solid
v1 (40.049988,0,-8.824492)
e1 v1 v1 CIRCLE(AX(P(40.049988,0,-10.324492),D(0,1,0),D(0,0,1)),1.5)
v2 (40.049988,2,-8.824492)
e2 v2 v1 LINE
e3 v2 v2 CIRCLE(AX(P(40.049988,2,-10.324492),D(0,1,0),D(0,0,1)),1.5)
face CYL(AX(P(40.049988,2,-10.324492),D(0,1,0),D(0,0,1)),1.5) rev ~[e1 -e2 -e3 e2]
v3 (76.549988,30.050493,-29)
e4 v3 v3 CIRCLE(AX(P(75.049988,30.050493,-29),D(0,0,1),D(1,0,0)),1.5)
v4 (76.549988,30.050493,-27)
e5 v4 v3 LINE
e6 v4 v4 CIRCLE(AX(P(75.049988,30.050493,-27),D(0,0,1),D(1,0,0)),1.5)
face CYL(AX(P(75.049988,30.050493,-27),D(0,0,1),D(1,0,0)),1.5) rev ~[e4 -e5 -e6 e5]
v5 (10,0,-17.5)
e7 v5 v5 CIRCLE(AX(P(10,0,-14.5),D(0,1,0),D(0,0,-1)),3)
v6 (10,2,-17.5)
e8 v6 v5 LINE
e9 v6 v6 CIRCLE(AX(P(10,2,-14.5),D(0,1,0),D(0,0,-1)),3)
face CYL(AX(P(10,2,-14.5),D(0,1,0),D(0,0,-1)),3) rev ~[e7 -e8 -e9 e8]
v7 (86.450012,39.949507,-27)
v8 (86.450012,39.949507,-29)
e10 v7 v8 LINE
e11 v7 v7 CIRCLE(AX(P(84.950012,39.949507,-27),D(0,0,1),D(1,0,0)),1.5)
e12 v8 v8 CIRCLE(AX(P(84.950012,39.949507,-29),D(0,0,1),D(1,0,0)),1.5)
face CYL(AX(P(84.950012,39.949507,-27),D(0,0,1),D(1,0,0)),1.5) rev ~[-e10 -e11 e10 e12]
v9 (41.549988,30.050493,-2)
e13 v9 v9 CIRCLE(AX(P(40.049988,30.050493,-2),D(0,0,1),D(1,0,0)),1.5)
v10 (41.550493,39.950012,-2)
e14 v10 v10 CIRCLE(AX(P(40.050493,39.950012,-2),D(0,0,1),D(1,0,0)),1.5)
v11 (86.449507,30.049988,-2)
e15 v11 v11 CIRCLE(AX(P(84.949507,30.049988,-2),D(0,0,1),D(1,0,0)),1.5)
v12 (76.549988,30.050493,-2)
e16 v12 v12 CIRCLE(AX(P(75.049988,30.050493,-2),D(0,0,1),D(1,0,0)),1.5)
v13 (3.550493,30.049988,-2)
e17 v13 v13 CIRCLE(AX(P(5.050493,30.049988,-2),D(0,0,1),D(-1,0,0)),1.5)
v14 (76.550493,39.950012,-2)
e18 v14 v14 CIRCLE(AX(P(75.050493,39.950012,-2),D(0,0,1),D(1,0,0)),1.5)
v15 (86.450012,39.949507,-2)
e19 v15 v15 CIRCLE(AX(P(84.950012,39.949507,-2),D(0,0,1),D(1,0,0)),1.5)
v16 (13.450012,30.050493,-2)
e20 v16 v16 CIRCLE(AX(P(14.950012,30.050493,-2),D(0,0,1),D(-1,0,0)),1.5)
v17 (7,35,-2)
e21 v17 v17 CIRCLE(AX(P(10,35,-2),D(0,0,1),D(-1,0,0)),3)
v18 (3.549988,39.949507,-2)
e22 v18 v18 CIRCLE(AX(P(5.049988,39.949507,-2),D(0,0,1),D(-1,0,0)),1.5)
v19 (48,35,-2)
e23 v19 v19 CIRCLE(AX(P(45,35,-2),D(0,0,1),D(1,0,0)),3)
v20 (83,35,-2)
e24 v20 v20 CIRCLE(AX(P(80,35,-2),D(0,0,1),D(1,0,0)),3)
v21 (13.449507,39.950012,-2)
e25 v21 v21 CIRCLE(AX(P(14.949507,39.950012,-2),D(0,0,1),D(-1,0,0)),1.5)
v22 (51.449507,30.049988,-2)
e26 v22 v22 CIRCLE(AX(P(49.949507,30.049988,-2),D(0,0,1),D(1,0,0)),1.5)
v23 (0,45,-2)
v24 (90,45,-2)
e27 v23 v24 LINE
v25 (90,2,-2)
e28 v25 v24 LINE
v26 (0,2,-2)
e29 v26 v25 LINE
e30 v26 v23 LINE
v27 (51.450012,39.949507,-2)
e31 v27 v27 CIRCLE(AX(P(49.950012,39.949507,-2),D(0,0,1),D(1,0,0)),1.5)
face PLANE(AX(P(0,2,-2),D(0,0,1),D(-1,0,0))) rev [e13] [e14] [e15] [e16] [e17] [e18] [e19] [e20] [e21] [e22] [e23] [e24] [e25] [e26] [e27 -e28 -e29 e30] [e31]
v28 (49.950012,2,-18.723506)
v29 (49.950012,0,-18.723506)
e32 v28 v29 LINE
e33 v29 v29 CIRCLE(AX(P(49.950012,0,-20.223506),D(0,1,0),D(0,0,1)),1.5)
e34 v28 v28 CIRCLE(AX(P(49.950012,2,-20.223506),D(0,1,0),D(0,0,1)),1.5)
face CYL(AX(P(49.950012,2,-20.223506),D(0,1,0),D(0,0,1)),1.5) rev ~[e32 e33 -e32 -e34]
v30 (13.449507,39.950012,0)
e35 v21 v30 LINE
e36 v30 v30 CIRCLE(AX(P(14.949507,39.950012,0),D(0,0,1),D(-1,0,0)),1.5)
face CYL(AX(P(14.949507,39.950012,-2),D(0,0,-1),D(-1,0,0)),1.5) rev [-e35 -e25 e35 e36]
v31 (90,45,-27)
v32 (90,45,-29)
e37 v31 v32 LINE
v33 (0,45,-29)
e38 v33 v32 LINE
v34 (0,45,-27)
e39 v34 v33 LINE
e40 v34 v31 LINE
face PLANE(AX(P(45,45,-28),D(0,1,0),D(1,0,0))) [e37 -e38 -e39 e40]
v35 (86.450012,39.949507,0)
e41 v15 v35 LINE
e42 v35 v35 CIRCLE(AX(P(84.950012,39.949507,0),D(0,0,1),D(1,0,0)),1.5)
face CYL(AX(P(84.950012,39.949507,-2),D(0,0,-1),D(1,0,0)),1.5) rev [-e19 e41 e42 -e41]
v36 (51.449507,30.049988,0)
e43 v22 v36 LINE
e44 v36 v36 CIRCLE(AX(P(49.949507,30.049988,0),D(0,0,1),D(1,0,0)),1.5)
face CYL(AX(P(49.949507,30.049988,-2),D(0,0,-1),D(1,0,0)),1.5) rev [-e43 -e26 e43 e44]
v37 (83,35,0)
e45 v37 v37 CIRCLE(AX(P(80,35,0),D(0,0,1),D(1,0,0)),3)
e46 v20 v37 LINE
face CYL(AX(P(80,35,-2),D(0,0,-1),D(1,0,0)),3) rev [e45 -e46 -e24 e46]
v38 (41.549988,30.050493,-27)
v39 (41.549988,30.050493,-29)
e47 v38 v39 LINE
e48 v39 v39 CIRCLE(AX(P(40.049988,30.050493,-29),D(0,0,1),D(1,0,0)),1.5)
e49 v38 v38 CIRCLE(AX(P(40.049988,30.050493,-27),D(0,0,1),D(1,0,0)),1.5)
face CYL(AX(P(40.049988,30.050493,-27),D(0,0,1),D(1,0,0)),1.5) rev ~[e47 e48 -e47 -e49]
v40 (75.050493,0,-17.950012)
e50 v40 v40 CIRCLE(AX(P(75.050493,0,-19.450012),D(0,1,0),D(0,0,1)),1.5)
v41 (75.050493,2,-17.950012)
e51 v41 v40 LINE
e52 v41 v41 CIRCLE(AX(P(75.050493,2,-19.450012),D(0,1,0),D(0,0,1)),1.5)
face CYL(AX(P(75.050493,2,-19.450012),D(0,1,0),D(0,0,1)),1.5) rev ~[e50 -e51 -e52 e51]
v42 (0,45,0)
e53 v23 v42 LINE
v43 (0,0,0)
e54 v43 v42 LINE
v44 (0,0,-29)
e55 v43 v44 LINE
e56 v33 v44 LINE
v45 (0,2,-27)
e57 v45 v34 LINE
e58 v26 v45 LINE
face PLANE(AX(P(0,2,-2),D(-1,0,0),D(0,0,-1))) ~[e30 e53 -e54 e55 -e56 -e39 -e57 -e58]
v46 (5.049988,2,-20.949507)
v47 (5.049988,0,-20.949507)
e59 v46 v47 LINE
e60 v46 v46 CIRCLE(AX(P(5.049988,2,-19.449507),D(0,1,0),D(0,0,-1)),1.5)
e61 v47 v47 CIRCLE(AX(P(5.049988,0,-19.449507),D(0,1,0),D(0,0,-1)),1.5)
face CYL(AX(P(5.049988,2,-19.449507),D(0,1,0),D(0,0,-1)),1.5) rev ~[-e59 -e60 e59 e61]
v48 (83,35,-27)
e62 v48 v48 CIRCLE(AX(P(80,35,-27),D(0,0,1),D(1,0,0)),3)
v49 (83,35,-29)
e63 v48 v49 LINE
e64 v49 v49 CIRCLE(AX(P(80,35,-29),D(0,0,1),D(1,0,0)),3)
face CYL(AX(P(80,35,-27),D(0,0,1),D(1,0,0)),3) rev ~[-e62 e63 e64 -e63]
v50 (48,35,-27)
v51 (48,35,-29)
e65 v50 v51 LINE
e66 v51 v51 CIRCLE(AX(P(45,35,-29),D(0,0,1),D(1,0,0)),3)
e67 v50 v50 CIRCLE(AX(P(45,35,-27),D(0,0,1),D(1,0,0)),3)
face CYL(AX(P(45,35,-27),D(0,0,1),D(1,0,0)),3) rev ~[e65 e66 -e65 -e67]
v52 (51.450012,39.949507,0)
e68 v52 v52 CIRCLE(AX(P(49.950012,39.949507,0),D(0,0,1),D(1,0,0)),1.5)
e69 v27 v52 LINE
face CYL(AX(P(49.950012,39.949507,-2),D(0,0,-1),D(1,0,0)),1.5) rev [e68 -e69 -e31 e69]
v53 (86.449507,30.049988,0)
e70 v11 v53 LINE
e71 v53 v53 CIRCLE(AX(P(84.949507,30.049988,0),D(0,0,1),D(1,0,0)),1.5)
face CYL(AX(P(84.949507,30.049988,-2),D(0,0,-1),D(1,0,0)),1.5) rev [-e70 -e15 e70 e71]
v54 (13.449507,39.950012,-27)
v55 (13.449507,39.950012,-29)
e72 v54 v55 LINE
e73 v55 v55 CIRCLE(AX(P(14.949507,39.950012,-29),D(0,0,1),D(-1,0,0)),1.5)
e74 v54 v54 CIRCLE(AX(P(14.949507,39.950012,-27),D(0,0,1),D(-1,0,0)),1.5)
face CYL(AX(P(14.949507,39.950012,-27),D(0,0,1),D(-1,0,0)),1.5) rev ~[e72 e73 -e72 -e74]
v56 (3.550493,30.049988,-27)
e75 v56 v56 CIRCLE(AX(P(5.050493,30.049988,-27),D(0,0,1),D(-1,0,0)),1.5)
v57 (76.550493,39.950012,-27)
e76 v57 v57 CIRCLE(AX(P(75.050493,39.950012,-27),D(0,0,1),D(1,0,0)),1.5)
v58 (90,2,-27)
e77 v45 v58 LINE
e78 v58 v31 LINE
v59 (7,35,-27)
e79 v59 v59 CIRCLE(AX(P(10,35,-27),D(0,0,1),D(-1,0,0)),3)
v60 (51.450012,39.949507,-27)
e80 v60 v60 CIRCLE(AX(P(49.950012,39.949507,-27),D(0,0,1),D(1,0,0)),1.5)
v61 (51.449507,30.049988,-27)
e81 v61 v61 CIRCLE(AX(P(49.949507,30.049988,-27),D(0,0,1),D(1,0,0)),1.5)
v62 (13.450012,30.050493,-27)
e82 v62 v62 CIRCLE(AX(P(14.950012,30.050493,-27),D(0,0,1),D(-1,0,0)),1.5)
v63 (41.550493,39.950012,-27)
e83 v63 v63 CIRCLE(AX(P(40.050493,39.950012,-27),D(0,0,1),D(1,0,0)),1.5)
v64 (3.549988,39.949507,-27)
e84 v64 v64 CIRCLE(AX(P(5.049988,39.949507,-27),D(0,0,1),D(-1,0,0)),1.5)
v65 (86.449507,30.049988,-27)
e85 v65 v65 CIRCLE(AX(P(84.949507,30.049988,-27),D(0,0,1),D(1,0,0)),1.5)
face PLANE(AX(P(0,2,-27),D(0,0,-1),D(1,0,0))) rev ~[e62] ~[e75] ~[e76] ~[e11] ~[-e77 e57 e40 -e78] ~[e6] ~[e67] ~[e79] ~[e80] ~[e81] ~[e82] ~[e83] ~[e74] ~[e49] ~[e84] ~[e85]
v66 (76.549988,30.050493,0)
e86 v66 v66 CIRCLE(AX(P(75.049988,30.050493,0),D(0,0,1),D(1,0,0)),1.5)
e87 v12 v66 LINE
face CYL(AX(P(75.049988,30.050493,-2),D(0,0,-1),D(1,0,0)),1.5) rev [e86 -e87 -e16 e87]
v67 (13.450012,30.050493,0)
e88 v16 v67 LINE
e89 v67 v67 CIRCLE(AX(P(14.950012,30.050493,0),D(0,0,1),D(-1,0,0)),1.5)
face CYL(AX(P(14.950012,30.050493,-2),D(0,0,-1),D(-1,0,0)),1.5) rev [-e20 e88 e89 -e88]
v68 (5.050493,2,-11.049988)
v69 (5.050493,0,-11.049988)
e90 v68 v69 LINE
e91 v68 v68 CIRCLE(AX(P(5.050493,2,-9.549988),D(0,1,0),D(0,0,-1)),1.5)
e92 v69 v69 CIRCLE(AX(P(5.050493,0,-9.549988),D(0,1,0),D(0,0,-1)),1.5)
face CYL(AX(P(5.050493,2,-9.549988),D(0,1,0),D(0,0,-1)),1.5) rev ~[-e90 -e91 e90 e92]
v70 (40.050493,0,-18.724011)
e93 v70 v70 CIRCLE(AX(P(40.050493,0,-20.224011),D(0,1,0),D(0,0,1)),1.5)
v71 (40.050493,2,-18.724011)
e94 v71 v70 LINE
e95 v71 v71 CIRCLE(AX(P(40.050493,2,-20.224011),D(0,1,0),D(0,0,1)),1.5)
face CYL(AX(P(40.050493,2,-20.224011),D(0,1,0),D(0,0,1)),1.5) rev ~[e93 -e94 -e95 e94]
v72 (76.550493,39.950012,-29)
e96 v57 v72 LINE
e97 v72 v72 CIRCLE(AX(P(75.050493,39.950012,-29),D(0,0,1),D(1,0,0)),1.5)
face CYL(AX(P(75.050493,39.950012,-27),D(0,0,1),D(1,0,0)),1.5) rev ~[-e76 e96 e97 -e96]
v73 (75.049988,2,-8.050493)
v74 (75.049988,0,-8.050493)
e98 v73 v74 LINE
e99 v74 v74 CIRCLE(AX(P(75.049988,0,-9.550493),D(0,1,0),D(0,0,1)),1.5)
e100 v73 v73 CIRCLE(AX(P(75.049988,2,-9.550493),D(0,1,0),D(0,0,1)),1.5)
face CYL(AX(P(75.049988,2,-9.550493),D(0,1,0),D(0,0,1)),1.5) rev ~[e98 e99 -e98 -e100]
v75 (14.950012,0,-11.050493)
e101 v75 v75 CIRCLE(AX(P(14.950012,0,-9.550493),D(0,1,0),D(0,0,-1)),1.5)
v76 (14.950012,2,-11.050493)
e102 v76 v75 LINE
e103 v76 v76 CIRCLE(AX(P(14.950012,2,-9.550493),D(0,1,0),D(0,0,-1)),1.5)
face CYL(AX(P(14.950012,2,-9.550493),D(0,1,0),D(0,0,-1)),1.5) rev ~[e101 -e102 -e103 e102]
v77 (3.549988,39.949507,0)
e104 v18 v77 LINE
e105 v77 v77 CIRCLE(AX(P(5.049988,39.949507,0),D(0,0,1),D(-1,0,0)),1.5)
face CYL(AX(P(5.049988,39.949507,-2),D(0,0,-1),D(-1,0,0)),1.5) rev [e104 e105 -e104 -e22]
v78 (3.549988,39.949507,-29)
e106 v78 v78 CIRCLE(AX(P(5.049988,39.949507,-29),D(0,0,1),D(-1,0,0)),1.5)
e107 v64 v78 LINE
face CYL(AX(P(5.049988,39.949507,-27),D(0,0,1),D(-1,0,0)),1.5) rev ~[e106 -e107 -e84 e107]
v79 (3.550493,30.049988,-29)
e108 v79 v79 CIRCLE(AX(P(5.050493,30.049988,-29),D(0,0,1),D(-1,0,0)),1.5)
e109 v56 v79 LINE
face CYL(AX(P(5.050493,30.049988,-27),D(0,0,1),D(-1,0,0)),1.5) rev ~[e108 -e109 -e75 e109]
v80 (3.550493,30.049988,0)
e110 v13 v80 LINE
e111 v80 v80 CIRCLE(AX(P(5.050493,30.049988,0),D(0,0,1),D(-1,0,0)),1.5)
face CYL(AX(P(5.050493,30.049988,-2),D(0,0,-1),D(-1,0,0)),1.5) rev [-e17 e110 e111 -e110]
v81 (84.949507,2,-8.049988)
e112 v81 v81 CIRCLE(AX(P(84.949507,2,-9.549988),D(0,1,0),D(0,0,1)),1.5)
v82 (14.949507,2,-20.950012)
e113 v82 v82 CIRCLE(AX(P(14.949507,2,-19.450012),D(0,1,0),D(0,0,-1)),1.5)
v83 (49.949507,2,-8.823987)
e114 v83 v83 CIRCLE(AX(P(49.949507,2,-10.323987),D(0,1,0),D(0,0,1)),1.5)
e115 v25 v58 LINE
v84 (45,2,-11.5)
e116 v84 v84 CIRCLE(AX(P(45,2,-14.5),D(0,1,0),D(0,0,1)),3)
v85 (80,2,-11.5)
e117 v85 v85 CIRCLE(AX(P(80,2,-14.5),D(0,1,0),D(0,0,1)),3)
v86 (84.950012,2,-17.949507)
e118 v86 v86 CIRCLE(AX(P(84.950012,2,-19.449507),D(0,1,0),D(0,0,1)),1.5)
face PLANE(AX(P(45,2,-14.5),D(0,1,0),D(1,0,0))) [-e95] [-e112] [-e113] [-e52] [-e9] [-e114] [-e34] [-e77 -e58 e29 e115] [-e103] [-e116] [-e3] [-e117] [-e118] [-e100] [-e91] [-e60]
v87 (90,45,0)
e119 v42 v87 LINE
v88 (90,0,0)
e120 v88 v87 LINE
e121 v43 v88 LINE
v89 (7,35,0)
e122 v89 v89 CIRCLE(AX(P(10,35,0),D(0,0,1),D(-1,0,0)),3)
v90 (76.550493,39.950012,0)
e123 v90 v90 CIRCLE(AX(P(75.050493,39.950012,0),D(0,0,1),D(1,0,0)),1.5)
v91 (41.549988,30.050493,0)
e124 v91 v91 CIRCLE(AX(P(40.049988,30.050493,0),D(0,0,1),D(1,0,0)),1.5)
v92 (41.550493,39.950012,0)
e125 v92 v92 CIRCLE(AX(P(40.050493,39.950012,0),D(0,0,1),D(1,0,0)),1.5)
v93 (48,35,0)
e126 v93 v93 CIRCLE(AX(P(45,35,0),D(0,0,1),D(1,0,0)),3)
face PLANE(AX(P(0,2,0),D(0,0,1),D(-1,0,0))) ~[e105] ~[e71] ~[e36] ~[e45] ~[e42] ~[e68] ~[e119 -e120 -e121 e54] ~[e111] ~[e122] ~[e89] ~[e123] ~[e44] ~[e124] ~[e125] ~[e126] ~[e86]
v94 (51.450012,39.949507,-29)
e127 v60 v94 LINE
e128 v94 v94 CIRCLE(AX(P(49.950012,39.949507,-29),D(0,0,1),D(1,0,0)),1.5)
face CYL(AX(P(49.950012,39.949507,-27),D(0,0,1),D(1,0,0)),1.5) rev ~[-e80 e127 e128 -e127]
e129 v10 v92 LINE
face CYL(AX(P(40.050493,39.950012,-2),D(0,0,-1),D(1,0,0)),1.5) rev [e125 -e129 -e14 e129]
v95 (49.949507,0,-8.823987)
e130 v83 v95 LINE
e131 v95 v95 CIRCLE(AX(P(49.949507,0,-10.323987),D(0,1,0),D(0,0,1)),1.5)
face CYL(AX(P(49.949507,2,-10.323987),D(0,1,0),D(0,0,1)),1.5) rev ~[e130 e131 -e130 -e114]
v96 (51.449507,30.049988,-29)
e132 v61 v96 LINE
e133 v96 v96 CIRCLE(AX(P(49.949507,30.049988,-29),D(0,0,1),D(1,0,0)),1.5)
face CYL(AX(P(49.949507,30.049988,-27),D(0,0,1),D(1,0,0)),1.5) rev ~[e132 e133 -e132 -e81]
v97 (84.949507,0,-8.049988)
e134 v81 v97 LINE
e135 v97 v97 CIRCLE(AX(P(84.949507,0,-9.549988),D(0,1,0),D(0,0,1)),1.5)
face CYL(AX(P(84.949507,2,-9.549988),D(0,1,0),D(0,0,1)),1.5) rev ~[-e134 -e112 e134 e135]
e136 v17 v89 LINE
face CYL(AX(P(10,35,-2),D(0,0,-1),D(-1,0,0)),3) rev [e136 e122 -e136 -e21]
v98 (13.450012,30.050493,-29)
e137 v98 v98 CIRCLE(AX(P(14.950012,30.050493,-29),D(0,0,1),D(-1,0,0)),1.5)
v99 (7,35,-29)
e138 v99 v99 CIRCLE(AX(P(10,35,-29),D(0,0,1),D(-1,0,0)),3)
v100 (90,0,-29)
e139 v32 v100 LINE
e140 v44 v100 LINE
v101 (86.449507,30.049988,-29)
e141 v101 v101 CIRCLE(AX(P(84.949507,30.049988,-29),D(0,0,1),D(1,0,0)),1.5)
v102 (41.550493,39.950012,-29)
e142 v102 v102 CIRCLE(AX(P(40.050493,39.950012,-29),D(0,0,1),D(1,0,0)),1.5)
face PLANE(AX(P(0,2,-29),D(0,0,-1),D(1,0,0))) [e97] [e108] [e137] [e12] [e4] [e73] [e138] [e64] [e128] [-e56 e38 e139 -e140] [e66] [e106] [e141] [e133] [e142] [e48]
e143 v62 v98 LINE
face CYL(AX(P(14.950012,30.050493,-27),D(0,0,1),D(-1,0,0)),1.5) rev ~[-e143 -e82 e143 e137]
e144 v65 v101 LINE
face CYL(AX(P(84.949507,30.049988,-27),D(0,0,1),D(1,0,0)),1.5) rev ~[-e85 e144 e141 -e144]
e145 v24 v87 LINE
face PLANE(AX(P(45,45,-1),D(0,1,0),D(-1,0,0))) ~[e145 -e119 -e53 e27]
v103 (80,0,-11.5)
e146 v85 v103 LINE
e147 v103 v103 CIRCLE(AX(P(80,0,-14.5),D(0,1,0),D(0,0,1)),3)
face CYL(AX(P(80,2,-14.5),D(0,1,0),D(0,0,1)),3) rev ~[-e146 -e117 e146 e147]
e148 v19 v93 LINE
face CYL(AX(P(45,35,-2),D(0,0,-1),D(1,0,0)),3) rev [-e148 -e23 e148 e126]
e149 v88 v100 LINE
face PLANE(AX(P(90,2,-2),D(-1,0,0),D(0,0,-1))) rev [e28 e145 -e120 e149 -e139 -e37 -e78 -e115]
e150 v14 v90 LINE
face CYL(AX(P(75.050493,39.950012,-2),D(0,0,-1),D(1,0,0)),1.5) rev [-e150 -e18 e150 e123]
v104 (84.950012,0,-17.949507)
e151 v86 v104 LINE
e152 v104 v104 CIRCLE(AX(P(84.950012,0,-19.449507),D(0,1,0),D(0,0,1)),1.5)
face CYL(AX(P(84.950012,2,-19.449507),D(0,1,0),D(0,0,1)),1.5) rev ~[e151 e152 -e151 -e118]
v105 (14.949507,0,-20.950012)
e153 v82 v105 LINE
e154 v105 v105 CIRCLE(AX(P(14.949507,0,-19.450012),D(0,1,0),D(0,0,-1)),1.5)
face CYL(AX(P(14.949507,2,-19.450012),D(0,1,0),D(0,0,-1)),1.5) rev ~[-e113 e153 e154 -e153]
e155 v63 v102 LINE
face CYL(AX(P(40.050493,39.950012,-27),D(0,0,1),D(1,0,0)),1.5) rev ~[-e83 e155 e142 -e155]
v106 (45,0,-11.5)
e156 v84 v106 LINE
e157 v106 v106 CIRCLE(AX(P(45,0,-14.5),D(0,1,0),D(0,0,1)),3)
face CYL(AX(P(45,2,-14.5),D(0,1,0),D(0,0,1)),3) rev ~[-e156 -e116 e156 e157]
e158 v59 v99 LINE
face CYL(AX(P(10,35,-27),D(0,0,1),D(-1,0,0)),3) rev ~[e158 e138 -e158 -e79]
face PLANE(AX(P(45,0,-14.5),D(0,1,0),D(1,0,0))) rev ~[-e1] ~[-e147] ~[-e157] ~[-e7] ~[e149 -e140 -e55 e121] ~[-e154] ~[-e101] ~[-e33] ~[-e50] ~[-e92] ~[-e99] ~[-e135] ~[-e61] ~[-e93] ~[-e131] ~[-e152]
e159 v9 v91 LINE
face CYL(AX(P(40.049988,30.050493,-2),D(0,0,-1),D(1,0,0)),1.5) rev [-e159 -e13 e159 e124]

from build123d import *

# Parameters (mm, degrees)
SKETCH_1_W          = 90
SKETCH_1_H          = 29
EXTRUDE_1_DEPTH     = 2
SKETCH_4_R          = 3
SKETCH_4_R_2        = 1.5
CUT_EXTRUDE_1_DEPTH = 2
SKETCH_2_W          = 90
SKETCH_2_H          = 2
EXTRUDE_2_DEPTH     = 43
SKETCH_5_R          = 3
SKETCH_5_R_2        = 1.5
CUT_EXTRUDE_2_DEPTH = 2


with BuildPart() as part:
    # 草图1 → 凸台-拉伸1 (new body)
    with BuildSketch(Plane(origin=(0, 0, 0), x_dir=(1, 0, 0), z_dir=(0, 1, 0))):
        with Locations((45, 14.5)):
            Rectangle(SKETCH_1_W, SKETCH_1_H)
    extrude(amount=EXTRUDE_1_DEPTH)

    # 草图4 → 切除-拉伸1 (cut)
    with BuildSketch(Plane(origin=(0, 2, 0), x_dir=(1, 0, 0), z_dir=(0, 1, 0))):
        with Locations(Location((45, 14.5, 0), (0, 0, 270))):
            Circle(SKETCH_4_R)
        with Locations(Location((49.950012223, 20.223506144, 0), (0, 0, 270))):
            Circle(SKETCH_4_R_2)
        with Locations(Location((49.949507065, 10.323986856, 0), (0, 0, 270))):
            Circle(SKETCH_4_R_2)
        with Locations(Location((40.049987777, 10.324492014, 0), (0, 0, 270))):
            Circle(SKETCH_4_R_2)
        with Locations(Location((40.050492935, 20.224011302, 0), (0, 0, 270))):
            Circle(SKETCH_4_R_2)
        with Locations(Location((80, 14.5, 0), (0, 0, 270))):
            Circle(SKETCH_4_R)
        with Locations(Location((84.950012223, 19.449507065, 0), (0, 0, 270))):
            Circle(SKETCH_4_R_2)
        with Locations(Location((75.050492935, 19.450012223, 0), (0, 0, 270))):
            Circle(SKETCH_4_R_2)
        with Locations(Location((75.049987777, 9.550492935, 0), (0, 0, 270))):
            Circle(SKETCH_4_R_2)
        with Locations(Location((84.949507065, 9.549987777, 0), (0, 0, 270))):
            Circle(SKETCH_4_R_2)
        with Locations(Location((5.050492935, 9.549987777, 0), (0, 0, 90))):
            Circle(SKETCH_4_R_2)
        with Locations(Location((14.950012223, 9.550492935, 0), (0, 0, 90))):
            Circle(SKETCH_4_R_2)
        with Locations(Location((5.049987777, 19.449507065, 0), (0, 0, 90))):
            Circle(SKETCH_4_R_2)
        with Locations(Location((10, 14.5, 0), (0, 0, 90))):
            Circle(SKETCH_4_R)
        with Locations(Location((14.949507065, 19.450012223, 0), (0, 0, 90))):
            Circle(SKETCH_4_R_2)
    extrude(amount=-CUT_EXTRUDE_1_DEPTH, mode=Mode.SUBTRACT)

    # 草图2 → 凸台-拉伸2 (add)
    with BuildSketch(Plane(origin=(0, 2, 0), x_dir=(1, 0, 0), z_dir=(0, 1, 0))):
        with Locations((45, 28)):
            Rectangle(SKETCH_2_W, SKETCH_2_H)
    extrude_2 = extrude(amount=EXTRUDE_2_DEPTH)

    # 草图5 → 切除-拉伸2 (cut)
    with BuildSketch(Plane.XY.offset(-27)):
        with Locations((45, 35)):
            Circle(SKETCH_5_R)
        with Locations((49.950012223, 39.949507065)):
            Circle(SKETCH_5_R_2)
        with Locations((49.949507065, 30.049987777)):
            Circle(SKETCH_5_R_2)
        with Locations((40.049987777, 30.050492935)):
            Circle(SKETCH_5_R_2)
        with Locations((40.050492935, 39.950012223)):
            Circle(SKETCH_5_R_2)
        with Locations((80, 35)):
            Circle(SKETCH_5_R)
        with Locations((84.950012223, 39.949507065)):
            Circle(SKETCH_5_R_2)
        with Locations((75.050492935, 39.950012223)):
            Circle(SKETCH_5_R_2)
        with Locations((75.049987777, 30.050492935)):
            Circle(SKETCH_5_R_2)
        with Locations((84.949507065, 30.049987777)):
            Circle(SKETCH_5_R_2)
        with Locations(Location((5.050492935, 30.049987777, 0), (0, 0, 180))):
            Circle(SKETCH_5_R_2)
        with Locations(Location((14.950012223, 30.050492935, 0), (0, 0, 180))):
            Circle(SKETCH_5_R_2)
        with Locations(Location((5.049987777, 39.949507065, 0), (0, 0, 180))):
            Circle(SKETCH_5_R_2)
        with Locations(Location((10, 35, 0), (0, 0, 180))):
            Circle(SKETCH_5_R)
        with Locations(Location((14.949507065, 39.950012223, 0), (0, 0, 180))):
            Circle(SKETCH_5_R_2)
    cut_extrude_2 = extrude(amount=-CUT_EXTRUDE_2_DEPTH, mode=Mode.SUBTRACT)

    # 镜向1: 凸台-拉伸2, 切除-拉伸2 across plane
    add(extrude_2.mirror(Plane(origin=(0, 0, -14.5), x_dir=(1, 0, 0), z_dir=(0, 0, -1))))
    add(cut_extrude_2.mirror(Plane(origin=(0, 0, -14.5), x_dir=(1, 0, 0), z_dir=(0, 0, -1))), mode=Mode.SUBTRACT)


solid = part.part
